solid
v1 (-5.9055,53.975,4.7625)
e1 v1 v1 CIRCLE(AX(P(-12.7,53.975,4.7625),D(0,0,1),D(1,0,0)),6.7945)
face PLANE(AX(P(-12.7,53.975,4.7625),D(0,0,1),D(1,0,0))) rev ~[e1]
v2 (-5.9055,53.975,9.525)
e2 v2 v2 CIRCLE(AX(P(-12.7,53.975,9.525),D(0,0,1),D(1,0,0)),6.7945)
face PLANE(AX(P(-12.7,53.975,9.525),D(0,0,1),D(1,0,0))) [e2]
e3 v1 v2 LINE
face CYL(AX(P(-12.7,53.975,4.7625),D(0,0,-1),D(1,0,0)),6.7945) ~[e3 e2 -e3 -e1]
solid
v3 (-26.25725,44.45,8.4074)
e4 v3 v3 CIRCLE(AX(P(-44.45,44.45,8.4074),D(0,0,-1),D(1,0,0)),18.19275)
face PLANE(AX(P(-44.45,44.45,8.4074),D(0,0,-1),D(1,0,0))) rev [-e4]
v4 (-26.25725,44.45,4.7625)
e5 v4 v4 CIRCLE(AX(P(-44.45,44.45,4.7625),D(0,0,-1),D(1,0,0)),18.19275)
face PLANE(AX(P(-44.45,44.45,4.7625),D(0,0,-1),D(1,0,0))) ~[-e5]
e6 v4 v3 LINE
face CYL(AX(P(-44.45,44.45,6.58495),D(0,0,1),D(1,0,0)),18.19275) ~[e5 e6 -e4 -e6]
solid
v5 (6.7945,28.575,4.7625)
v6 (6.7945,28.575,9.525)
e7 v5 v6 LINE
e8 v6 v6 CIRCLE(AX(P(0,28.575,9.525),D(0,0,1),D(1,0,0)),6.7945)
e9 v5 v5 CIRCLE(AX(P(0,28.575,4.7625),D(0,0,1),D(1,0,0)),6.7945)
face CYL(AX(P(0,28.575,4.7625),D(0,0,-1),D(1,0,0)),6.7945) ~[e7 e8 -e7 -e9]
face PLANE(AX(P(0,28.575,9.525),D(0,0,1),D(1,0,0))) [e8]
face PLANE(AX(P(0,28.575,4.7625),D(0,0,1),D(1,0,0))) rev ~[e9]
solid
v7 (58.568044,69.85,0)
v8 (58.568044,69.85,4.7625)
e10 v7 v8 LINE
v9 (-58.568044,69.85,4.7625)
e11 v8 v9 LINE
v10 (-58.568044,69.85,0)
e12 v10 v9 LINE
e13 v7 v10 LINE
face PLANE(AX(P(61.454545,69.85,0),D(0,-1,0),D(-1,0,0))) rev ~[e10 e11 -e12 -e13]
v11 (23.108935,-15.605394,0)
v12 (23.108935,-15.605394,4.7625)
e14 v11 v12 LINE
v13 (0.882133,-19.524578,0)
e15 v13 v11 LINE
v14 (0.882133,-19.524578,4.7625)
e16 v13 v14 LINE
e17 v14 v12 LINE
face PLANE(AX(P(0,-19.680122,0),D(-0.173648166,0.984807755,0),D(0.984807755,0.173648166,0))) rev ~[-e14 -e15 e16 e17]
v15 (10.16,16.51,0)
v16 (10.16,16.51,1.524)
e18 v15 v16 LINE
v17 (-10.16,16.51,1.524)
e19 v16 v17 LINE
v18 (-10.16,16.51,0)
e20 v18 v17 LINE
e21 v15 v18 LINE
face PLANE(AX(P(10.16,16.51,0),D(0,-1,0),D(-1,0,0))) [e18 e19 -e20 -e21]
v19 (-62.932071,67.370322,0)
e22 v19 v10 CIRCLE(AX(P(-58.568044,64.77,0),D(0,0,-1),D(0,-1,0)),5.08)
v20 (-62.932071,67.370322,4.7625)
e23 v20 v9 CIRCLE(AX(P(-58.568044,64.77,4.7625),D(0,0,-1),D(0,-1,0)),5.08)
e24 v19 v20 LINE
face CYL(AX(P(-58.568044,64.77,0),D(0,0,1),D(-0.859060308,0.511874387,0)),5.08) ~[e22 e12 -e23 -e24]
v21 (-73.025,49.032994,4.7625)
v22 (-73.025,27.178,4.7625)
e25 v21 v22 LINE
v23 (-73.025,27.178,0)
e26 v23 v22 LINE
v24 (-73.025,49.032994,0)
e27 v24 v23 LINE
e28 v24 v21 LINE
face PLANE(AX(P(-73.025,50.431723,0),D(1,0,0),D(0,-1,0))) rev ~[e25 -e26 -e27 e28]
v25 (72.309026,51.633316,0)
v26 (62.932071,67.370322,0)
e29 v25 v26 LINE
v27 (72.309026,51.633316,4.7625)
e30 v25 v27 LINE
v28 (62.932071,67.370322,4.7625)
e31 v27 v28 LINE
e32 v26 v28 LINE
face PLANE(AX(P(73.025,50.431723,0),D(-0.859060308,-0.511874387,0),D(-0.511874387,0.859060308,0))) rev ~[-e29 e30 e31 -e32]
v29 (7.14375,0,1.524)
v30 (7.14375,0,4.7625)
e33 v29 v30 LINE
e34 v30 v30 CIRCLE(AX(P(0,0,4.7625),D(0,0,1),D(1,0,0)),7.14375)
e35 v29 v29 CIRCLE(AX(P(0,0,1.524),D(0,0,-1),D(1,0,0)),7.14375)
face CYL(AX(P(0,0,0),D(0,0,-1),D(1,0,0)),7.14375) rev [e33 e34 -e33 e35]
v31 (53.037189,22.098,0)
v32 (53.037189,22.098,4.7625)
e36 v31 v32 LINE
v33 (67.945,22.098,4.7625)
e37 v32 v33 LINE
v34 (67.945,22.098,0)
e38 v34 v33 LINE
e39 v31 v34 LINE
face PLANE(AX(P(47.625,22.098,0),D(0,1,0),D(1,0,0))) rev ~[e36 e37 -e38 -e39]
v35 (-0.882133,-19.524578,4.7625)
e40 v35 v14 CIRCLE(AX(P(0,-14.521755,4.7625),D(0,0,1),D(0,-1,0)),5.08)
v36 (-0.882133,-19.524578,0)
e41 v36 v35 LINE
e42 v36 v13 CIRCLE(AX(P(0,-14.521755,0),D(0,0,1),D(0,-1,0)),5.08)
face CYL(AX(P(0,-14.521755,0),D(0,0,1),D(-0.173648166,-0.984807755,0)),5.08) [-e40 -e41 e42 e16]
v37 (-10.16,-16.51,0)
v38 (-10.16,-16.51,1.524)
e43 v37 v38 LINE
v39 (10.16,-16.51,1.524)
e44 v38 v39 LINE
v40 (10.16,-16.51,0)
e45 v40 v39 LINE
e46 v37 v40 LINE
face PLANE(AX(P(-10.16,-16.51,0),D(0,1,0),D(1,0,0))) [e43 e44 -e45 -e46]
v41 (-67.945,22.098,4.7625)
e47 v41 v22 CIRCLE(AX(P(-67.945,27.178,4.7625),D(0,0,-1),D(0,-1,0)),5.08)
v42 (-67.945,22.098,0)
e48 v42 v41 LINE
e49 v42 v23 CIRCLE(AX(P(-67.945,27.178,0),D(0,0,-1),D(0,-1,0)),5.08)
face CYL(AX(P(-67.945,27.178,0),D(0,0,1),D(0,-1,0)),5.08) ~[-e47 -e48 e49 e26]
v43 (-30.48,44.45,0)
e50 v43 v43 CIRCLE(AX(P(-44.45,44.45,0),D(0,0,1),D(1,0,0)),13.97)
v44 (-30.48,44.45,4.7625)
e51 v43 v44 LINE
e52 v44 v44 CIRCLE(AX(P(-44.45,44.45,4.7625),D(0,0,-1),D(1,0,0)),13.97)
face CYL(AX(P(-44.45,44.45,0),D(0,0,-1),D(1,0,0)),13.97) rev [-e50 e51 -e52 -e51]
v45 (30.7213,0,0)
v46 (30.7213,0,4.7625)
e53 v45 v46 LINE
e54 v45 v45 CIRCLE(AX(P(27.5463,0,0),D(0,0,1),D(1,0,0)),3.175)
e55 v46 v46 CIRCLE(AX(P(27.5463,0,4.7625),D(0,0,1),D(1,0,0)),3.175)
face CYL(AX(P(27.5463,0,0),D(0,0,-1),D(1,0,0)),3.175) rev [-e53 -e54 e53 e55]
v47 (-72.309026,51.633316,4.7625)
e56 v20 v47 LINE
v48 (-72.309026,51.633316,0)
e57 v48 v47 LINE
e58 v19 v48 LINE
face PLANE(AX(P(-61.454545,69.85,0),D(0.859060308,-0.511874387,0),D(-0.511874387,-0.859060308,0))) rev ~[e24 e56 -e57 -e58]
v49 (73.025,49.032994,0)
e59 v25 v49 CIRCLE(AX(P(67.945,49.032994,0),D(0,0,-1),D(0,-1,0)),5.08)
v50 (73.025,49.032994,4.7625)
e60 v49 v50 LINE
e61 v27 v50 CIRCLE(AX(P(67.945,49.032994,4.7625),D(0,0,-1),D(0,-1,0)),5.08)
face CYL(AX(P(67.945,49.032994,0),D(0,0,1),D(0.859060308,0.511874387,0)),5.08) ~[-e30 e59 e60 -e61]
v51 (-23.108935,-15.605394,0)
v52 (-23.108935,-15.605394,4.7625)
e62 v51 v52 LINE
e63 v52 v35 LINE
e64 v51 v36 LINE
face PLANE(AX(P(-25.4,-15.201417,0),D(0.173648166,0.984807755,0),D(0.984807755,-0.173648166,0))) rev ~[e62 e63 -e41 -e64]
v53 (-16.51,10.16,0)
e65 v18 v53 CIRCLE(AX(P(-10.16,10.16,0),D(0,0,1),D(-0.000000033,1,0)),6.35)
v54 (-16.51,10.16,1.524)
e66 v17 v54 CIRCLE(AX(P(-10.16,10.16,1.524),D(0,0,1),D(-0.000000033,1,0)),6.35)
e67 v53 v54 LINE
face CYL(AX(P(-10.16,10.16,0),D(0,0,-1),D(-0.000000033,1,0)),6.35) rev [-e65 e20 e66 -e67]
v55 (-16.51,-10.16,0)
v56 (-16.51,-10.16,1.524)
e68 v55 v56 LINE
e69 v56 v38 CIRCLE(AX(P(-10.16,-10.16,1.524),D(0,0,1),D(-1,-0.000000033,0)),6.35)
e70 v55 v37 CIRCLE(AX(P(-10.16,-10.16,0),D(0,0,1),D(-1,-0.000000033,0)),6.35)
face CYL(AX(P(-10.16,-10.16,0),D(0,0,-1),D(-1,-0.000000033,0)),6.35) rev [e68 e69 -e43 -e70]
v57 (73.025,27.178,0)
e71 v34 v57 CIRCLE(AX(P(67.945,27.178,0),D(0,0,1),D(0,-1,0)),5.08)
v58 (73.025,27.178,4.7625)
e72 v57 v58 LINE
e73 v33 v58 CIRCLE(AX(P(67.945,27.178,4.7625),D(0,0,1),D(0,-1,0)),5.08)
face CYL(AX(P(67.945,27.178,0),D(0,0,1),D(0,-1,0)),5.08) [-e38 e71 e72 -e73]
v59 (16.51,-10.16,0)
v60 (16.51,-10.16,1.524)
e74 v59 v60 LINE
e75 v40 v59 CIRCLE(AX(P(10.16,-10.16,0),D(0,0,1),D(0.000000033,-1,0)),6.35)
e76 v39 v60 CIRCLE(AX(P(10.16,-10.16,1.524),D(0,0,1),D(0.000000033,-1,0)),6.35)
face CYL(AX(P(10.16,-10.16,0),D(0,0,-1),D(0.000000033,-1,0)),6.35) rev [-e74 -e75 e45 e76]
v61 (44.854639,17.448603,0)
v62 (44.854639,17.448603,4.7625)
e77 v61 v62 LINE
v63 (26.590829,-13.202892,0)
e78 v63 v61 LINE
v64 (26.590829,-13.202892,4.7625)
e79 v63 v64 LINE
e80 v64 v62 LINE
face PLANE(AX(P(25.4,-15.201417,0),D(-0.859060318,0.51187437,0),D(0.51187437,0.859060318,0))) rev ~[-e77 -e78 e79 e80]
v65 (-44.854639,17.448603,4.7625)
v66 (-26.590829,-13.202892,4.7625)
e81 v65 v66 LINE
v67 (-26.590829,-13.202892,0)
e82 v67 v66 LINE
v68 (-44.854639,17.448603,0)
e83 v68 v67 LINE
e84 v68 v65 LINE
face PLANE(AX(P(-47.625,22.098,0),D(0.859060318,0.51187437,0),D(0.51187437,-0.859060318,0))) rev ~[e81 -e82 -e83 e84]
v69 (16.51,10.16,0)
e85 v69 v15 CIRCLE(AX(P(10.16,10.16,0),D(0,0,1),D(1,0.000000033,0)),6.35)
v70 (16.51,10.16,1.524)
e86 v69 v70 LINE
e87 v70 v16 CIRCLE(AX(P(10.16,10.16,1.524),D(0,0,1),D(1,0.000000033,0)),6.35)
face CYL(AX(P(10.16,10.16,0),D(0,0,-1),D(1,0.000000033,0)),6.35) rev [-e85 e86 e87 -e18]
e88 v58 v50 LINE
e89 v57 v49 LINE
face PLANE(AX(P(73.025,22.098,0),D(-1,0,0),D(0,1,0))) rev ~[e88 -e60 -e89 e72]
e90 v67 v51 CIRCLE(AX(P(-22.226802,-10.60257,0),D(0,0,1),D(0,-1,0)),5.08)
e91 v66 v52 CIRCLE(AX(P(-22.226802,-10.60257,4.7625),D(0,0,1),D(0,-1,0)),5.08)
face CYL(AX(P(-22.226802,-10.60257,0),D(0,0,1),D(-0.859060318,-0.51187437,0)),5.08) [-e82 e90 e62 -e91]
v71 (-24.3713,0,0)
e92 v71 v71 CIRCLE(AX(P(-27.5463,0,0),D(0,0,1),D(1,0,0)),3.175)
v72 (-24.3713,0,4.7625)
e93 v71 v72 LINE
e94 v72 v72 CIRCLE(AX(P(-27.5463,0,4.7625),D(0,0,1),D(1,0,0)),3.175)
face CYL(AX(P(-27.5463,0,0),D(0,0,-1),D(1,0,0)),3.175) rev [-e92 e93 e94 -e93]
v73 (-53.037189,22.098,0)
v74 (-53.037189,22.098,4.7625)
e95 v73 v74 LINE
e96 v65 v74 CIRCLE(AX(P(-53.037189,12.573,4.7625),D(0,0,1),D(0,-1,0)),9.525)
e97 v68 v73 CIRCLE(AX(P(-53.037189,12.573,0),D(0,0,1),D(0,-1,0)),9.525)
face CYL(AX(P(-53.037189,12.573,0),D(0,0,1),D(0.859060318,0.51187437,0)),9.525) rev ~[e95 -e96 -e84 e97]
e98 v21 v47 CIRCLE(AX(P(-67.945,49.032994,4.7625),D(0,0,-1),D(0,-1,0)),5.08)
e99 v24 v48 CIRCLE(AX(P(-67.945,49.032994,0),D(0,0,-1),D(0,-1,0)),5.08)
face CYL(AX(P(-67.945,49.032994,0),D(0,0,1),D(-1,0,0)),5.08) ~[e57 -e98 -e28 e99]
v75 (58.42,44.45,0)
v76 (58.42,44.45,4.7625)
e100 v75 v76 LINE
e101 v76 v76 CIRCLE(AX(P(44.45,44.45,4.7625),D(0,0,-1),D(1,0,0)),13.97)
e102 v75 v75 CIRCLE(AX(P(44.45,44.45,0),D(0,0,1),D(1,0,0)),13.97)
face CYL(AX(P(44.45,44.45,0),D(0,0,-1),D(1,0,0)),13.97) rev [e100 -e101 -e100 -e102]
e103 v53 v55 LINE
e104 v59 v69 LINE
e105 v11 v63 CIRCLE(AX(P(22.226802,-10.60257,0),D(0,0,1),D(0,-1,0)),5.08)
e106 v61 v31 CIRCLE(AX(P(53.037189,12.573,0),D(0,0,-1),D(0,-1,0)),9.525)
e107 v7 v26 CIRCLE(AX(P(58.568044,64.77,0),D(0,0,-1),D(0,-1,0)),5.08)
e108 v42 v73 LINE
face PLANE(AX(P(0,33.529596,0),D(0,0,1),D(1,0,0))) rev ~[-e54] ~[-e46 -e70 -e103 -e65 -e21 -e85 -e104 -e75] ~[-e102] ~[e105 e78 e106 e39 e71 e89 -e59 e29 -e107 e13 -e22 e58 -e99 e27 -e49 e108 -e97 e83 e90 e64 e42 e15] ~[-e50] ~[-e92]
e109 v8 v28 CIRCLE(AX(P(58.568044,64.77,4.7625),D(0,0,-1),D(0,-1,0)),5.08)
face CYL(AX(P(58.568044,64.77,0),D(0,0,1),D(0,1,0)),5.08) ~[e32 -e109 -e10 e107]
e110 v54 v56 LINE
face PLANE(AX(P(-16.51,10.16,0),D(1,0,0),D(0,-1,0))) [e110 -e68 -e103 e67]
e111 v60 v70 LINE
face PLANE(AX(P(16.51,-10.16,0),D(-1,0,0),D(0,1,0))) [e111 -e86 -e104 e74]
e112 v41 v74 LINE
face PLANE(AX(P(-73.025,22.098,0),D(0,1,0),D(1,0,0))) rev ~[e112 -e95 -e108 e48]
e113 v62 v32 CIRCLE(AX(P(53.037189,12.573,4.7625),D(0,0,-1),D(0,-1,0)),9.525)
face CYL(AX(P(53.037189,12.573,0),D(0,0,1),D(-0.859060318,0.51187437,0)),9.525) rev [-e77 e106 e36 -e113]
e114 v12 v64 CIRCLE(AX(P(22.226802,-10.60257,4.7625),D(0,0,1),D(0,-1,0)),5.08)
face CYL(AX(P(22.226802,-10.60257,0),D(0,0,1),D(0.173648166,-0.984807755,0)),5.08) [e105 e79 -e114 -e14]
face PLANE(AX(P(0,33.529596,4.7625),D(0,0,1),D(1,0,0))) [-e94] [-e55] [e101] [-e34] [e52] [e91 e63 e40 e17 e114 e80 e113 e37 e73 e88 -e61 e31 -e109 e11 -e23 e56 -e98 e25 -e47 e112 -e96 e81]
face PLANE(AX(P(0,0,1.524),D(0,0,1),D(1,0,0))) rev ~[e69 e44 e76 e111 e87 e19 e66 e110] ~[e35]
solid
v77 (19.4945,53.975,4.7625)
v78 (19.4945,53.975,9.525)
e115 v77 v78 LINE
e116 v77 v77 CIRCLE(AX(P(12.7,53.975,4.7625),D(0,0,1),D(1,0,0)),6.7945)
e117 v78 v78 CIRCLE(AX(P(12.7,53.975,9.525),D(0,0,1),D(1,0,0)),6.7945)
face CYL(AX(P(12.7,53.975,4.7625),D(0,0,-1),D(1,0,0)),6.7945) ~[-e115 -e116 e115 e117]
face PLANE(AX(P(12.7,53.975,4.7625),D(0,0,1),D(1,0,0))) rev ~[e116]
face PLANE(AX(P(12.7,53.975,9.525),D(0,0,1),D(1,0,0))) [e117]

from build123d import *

# Parameters (mm, degrees)
F0_R      = 3.175
F0_R_2    = 7.14375
F1_DEPTH  = 4.7625
F2_R      = 9.525
F3_R      = 5.08
F4_R      = 13.97
F5_DEPTH  = 25.4
F7_DEPTH  = 1.524
F10_W     = 18.19275
F10_H     = 3.6449
F12_R     = 6.7945
F13_DEPTH = 4.7625


with BuildPart() as f1:
    # F0 (on Top) → F1 (new body)
    with BuildSketch(Plane.XY):
        Polygon((-47.625, 22.098), (-25.4, -15.201417), (0, -19.680122), (25.4, -15.201417), (47.625, 22.098), (73.025, 22.098), (73.025, 50.431723), (61.454545, 69.85), (0, 69.85), (-61.454545, 69.85), (-73.025, 50.431723), (-73.025, 22.098), align=None)
        with Locations((-27.5463, 0)):
            Circle(F0_R, mode=Mode.SUBTRACT)
        Circle(F0_R_2, mode=Mode.SUBTRACT)
        with Locations((27.5463, 0)):
            Circle(F0_R, mode=Mode.SUBTRACT)
    extrude(amount=F1_DEPTH)

    # F2
    f2_edges = [f1.edges().sort_by_distance(p)[0] for p in [
        (-47.625, 22.098, 2.38125),
        (47.625, 22.098, 2.38125),
    ]]
    fillet(f2_edges, radius=F2_R)

    # F3
    f3_edges = [f1.edges().sort_by_distance(p)[0] for p in [
        (-73.025, 22.098, 2.38125),
        (-25.4, -15.201417, 2.38125),
        (0, -19.680122, 2.38125),
        (25.4, -15.201417, 2.38125),
        (73.025, 22.098, 2.38125),
        (73.025, 50.431723, 2.38125),
        (61.454545, 69.85, 2.38125),
        (-73.025, 50.431723, 2.38125),
        (-61.454545, 69.85, 2.38125),
    ]]
    fillet(f3_edges, radius=F3_R)

    # F4 (on Top) → F5 (cut)
    with BuildSketch(Plane.XY):
        with Locations((-44.45, 44.45)):
            Circle(F4_R)
        with Locations((44.45, 44.45)):
            Circle(F4_R)
    extrude(amount=F5_DEPTH, mode=Mode.SUBTRACT)

    # F6 (on Top) → F7 (cut)
    with BuildSketch(Plane.XY):
        with BuildLine():
            Line((-16.51, 10.16), (-16.51, -10.16))
            ThreePointArc((-16.51, -10.16), (-14.650128, -14.650128), (-10.16, -16.51))
            Line((-10.16, -16.51), (10.16, -16.51))
            ThreePointArc((10.16, -16.51), (14.650128, -14.650128), (16.51, -10.16))
            Line((16.51, -10.16), (16.51, 10.16))
            ThreePointArc((16.51, 10.16), (14.650128, 14.650128), (10.16, 16.51))
            Line((10.16, 16.51), (-10.16, 16.51))
            ThreePointArc((-10.16, 16.51), (-14.650128, 14.650128), (-16.51, 10.16))
        make_face()
    extrude(amount=F7_DEPTH, mode=Mode.SUBTRACT)


with BuildPart() as f11:
    # F10 (on offset) → F11 (revolve)
    with BuildSketch(Plane.XZ.offset(-44.45)):
        with Locations((-35.353625, 6.58495)):
            Rectangle(F10_W, F10_H)
    revolve(axis=Axis((-44.45, 44.45, -2.462427), (0, 0, -1)))


with BuildPart() as f13:
    # F12 (on face) → F13 (new body)
    with BuildSketch(Plane.XY.offset(4.7625)):
        with Locations((-12.7, 53.975)):
            Circle(F12_R)
        with Locations((0, 28.575)):
            Circle(F12_R)
        with Locations((12.7, 53.975)):
            Circle(F12_R)
    extrude(amount=F13_DEPTH)


solid = Compound([f1.part, f11.part, f13.part])
